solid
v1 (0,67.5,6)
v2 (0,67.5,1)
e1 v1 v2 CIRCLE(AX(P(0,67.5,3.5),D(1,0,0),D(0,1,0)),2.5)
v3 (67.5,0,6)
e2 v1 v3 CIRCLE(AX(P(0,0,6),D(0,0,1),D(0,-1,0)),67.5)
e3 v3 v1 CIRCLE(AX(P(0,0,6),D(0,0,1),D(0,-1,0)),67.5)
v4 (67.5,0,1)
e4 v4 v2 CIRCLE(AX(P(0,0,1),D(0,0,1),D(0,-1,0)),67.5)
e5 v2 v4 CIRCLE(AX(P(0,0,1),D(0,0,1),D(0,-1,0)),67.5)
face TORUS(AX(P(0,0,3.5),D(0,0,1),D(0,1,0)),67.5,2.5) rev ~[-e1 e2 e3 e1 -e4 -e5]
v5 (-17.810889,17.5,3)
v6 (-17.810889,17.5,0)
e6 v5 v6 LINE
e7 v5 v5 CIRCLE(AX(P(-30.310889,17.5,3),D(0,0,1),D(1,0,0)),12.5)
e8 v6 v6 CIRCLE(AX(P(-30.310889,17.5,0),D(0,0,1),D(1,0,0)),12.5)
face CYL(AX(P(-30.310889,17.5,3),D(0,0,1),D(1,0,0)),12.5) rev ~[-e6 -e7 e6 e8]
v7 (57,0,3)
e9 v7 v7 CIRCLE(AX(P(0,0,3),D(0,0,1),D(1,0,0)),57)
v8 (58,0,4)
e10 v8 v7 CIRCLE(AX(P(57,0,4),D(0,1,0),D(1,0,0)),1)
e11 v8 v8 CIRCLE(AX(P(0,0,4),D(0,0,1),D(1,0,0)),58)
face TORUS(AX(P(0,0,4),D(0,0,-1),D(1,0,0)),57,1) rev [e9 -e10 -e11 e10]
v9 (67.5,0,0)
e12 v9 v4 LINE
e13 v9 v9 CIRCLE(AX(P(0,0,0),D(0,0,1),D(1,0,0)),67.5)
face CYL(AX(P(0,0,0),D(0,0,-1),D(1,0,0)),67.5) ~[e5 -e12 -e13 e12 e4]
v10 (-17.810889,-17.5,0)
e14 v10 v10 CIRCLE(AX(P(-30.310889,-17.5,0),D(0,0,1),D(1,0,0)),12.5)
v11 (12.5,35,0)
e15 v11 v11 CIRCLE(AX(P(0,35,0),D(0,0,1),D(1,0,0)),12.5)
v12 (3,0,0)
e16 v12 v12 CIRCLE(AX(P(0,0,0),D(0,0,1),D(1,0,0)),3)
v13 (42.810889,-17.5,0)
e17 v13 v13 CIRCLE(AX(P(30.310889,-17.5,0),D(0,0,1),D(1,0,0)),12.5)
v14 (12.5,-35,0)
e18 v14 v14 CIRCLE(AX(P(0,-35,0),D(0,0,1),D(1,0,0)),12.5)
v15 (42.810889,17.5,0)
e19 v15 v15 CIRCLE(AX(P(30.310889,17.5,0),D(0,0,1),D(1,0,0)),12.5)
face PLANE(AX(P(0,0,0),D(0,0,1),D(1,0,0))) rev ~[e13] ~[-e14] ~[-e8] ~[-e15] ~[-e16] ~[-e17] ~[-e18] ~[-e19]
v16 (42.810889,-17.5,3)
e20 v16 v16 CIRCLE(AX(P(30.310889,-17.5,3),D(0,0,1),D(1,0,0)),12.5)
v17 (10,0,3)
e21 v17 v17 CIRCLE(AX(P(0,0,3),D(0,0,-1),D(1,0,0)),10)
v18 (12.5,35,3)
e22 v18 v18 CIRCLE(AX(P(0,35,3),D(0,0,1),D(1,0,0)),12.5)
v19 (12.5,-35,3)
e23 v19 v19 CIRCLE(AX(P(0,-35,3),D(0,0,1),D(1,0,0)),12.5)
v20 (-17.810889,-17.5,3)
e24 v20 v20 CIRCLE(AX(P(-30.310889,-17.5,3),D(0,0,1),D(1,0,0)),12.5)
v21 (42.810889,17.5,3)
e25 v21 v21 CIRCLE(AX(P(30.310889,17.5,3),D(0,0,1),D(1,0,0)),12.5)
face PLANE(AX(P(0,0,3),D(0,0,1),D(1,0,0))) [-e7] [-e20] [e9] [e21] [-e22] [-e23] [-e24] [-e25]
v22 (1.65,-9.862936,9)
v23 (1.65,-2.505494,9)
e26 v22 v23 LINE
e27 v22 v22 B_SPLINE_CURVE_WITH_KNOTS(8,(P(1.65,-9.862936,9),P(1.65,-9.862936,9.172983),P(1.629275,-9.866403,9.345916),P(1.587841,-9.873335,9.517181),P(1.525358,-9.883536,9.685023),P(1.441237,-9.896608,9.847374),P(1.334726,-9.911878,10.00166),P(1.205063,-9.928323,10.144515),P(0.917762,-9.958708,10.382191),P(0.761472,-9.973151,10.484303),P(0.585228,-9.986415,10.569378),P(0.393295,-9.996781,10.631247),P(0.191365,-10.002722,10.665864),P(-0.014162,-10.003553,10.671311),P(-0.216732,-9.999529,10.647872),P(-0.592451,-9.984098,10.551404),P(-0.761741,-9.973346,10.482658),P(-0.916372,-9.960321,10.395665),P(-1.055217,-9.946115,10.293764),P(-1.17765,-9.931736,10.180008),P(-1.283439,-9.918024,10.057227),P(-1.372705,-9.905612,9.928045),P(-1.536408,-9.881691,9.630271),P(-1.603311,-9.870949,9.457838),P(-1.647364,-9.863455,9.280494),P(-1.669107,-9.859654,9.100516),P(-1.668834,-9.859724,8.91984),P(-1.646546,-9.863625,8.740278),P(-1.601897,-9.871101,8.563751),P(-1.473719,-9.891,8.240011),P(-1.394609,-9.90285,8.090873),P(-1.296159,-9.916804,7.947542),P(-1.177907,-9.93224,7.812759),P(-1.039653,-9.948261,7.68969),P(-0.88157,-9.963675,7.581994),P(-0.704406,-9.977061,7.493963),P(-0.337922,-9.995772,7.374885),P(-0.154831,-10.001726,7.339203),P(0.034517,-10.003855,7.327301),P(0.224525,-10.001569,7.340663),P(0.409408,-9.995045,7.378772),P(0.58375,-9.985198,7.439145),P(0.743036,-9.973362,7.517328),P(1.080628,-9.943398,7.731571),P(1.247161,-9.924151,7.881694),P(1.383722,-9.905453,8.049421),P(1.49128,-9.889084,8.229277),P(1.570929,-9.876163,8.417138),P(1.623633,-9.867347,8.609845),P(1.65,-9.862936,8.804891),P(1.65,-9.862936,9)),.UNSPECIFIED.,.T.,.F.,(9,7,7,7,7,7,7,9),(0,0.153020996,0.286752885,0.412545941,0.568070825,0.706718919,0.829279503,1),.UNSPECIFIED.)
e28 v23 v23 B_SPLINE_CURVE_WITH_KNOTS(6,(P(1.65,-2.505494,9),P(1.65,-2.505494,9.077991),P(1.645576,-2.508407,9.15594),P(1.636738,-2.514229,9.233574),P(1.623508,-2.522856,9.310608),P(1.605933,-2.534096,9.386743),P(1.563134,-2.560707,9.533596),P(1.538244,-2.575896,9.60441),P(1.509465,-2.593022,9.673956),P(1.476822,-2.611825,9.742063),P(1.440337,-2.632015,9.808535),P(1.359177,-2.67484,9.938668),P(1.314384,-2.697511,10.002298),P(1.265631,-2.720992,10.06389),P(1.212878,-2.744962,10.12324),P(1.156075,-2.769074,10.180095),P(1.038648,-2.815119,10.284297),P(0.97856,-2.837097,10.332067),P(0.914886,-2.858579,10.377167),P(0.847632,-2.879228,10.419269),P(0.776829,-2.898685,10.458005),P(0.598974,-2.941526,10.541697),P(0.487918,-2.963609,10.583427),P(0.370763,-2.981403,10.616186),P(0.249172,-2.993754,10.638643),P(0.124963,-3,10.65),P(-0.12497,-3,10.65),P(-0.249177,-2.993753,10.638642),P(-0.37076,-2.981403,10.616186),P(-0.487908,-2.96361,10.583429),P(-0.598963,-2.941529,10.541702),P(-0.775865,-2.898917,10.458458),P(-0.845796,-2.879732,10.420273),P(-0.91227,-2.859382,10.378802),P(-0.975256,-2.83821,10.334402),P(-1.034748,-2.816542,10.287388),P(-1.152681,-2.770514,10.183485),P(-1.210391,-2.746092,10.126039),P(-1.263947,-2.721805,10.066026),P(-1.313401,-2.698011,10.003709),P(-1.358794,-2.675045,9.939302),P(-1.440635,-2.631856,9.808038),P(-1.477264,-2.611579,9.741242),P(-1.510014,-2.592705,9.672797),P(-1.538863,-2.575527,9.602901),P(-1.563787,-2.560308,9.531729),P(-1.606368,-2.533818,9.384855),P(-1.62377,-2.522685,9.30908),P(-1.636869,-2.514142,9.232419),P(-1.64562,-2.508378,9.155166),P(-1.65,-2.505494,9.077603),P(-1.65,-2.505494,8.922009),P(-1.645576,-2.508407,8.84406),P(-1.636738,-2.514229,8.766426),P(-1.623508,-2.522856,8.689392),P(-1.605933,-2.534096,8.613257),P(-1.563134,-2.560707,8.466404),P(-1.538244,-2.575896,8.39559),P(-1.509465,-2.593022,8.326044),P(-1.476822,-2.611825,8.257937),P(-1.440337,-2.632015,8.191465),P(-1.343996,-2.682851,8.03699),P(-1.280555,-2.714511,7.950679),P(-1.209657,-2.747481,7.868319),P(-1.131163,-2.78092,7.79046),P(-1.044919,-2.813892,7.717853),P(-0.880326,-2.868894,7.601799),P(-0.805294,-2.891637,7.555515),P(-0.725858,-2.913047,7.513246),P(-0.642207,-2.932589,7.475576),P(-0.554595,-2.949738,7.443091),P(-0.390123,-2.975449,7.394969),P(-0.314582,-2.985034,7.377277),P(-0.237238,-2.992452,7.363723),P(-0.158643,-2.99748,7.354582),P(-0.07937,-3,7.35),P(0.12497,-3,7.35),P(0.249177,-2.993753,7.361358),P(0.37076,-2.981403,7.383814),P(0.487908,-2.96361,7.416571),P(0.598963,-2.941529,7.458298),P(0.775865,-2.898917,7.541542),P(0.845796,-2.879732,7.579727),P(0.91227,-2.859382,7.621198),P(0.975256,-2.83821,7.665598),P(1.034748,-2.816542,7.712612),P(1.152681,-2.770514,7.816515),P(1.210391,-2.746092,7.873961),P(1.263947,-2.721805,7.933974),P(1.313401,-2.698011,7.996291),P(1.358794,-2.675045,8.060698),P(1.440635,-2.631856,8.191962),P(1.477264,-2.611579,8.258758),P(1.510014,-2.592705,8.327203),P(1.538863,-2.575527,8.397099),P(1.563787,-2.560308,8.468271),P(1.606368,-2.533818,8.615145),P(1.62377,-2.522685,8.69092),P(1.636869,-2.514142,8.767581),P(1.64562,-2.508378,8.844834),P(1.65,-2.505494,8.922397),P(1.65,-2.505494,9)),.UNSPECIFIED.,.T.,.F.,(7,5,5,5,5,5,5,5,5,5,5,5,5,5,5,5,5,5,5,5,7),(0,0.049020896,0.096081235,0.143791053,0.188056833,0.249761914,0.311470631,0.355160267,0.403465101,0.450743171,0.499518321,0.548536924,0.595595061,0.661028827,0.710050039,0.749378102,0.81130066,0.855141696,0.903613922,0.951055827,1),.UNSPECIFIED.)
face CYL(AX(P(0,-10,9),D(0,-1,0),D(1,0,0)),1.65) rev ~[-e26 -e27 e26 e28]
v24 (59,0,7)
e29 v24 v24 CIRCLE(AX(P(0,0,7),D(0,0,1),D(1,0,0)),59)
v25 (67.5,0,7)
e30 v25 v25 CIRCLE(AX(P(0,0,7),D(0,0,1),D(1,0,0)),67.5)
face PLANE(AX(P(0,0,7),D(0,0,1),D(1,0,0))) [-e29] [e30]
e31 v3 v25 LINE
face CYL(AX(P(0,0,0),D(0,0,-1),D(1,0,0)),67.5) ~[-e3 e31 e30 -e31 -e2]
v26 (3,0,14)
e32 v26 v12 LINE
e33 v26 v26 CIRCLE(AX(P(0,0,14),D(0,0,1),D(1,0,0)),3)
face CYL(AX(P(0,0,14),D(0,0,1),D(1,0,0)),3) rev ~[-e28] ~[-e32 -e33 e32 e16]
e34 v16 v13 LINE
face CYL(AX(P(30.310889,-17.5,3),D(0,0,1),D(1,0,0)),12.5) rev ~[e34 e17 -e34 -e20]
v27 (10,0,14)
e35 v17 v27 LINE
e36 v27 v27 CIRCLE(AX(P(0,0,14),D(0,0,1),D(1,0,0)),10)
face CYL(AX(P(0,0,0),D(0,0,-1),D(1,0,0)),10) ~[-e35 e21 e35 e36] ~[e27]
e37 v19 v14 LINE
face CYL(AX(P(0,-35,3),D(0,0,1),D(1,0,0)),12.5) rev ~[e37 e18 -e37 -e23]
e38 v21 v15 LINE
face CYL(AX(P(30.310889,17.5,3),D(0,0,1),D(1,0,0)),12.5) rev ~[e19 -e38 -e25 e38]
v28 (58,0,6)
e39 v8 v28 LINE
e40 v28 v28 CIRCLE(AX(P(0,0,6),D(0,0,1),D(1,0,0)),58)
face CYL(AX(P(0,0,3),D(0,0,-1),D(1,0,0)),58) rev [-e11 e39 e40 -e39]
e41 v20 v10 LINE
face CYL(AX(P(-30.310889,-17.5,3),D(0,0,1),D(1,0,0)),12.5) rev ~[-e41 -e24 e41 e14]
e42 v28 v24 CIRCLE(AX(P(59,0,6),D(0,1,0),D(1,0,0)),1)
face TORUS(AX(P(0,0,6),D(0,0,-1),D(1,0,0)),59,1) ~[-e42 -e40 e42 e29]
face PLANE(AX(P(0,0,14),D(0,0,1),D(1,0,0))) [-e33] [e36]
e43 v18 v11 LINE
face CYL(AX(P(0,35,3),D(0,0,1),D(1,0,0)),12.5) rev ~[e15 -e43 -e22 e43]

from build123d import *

# Parameters (mm, degrees)
CYLINDER002_R     = 10
CYLINDER002_DEPTH = 14
CYLINDER001_R     = 58
CYLINDER001_DEPTH = 4
CYLINDER_R        = 67.5
CYLINDER_DEPTH    = 7
SKETCH_R          = 3
HOLE_DEPTH        = 14.001
SKETCH001_R       = 2.5
SKETCH002_R       = 12.5
HOLE001_DEPTH     = 3.001
SKETCH003_R       = 1.65
HOLE002_DEPTH     = 9.00858
HOLE002_TIPS_R    = 1.65
FILLET_R          = 1
FILLET001_R       = 1


with BuildPart() as zylinder002:
    # Cylinder002 → Cylinder002 (new body)
    with BuildSketch(Plane.XY):
        Circle(CYLINDER002_R)
    extrude(amount=CYLINDER002_DEPTH)


with BuildPart() as zylinder001:
    # Cylinder001 → Cylinder001 (new body)
    with BuildSketch(Plane.XY.offset(3)):
        Circle(CYLINDER001_R)
    extrude(amount=CYLINDER001_DEPTH)


with BuildPart() as body:
    # Cylinder → Cylinder (new body)
    with BuildSketch(Plane.XY):
        Circle(CYLINDER_R)
    extrude(amount=CYLINDER_DEPTH)

    # Cut: cut Zylinder001
    add(zylinder001.part, mode=Mode.SUBTRACT)

    # Fusion: union Zylinder002
    add(zylinder002.part)

    # Sketch (on Face1 of BaseFeature) → Hole (cut, through all)
    with BuildSketch(Plane.XY.offset(14)):
        Circle(SKETCH_R)
    extrude(amount=-HOLE_DEPTH, mode=Mode.SUBTRACT)

    # Sketch001 → Groove (revolve, cut)
    with BuildSketch(Plane.YZ):
        with Locations((67.5, 3.5)):
            Circle(SKETCH001_R)
    revolve(axis=Axis((0, 0, 0), (0, 0, 1)), mode=Mode.SUBTRACT)

    # Sketch002 (on Face4 of Groove) → Hole001 (cut, through all)
    with BuildSketch(Plane.XY.offset(3)):
        with Locations((0, 35)):
            Circle(SKETCH002_R)
        with Locations((30.310889, 17.5)):
            Circle(SKETCH002_R)
        with Locations((30.310889, -17.5)):
            Circle(SKETCH002_R)
        with Locations((-30.310889, -17.5)):
            Circle(SKETCH002_R)
        with Locations((0, -35)):
            Circle(SKETCH002_R)
        with Locations((-30.310889, 17.5)):
            Circle(SKETCH002_R)
    extrude(amount=-HOLE001_DEPTH, mode=Mode.SUBTRACT)

    # Sketch003 → Hole002 (cut)
    with BuildSketch(Plane.XZ.offset(10)):
        with Locations((0, 9)):
            Circle(SKETCH003_R)
    extrude(amount=-HOLE002_DEPTH, mode=Mode.SUBTRACT)

    # Hole002 tips → Hole002 tip 1 section 0
    with BuildSketch(Plane.XZ.offset(0.99142), mode=Mode.PRIVATE) as hole002_tip_1_s0:
        with Locations((0, 9)):
            Circle(HOLE002_TIPS_R)
    loft([hole002_tip_1_s0.sketch, Vertex(0, 0, 9)], mode=Mode.SUBTRACT)

    # Fillet
    fillet_edges = [body.edges().sort_by_distance(p)[0] for p in [
        (-58, 0, 7),
    ]]
    fillet(fillet_edges, radius=FILLET_R)

    # Fillet001
    fillet001_edges = [body.edges().sort_by_distance(p)[0] for p in [
        (-58, 0, 3),
    ]]
    fillet(fillet001_edges, radius=FILLET001_R)


solid = body.part
